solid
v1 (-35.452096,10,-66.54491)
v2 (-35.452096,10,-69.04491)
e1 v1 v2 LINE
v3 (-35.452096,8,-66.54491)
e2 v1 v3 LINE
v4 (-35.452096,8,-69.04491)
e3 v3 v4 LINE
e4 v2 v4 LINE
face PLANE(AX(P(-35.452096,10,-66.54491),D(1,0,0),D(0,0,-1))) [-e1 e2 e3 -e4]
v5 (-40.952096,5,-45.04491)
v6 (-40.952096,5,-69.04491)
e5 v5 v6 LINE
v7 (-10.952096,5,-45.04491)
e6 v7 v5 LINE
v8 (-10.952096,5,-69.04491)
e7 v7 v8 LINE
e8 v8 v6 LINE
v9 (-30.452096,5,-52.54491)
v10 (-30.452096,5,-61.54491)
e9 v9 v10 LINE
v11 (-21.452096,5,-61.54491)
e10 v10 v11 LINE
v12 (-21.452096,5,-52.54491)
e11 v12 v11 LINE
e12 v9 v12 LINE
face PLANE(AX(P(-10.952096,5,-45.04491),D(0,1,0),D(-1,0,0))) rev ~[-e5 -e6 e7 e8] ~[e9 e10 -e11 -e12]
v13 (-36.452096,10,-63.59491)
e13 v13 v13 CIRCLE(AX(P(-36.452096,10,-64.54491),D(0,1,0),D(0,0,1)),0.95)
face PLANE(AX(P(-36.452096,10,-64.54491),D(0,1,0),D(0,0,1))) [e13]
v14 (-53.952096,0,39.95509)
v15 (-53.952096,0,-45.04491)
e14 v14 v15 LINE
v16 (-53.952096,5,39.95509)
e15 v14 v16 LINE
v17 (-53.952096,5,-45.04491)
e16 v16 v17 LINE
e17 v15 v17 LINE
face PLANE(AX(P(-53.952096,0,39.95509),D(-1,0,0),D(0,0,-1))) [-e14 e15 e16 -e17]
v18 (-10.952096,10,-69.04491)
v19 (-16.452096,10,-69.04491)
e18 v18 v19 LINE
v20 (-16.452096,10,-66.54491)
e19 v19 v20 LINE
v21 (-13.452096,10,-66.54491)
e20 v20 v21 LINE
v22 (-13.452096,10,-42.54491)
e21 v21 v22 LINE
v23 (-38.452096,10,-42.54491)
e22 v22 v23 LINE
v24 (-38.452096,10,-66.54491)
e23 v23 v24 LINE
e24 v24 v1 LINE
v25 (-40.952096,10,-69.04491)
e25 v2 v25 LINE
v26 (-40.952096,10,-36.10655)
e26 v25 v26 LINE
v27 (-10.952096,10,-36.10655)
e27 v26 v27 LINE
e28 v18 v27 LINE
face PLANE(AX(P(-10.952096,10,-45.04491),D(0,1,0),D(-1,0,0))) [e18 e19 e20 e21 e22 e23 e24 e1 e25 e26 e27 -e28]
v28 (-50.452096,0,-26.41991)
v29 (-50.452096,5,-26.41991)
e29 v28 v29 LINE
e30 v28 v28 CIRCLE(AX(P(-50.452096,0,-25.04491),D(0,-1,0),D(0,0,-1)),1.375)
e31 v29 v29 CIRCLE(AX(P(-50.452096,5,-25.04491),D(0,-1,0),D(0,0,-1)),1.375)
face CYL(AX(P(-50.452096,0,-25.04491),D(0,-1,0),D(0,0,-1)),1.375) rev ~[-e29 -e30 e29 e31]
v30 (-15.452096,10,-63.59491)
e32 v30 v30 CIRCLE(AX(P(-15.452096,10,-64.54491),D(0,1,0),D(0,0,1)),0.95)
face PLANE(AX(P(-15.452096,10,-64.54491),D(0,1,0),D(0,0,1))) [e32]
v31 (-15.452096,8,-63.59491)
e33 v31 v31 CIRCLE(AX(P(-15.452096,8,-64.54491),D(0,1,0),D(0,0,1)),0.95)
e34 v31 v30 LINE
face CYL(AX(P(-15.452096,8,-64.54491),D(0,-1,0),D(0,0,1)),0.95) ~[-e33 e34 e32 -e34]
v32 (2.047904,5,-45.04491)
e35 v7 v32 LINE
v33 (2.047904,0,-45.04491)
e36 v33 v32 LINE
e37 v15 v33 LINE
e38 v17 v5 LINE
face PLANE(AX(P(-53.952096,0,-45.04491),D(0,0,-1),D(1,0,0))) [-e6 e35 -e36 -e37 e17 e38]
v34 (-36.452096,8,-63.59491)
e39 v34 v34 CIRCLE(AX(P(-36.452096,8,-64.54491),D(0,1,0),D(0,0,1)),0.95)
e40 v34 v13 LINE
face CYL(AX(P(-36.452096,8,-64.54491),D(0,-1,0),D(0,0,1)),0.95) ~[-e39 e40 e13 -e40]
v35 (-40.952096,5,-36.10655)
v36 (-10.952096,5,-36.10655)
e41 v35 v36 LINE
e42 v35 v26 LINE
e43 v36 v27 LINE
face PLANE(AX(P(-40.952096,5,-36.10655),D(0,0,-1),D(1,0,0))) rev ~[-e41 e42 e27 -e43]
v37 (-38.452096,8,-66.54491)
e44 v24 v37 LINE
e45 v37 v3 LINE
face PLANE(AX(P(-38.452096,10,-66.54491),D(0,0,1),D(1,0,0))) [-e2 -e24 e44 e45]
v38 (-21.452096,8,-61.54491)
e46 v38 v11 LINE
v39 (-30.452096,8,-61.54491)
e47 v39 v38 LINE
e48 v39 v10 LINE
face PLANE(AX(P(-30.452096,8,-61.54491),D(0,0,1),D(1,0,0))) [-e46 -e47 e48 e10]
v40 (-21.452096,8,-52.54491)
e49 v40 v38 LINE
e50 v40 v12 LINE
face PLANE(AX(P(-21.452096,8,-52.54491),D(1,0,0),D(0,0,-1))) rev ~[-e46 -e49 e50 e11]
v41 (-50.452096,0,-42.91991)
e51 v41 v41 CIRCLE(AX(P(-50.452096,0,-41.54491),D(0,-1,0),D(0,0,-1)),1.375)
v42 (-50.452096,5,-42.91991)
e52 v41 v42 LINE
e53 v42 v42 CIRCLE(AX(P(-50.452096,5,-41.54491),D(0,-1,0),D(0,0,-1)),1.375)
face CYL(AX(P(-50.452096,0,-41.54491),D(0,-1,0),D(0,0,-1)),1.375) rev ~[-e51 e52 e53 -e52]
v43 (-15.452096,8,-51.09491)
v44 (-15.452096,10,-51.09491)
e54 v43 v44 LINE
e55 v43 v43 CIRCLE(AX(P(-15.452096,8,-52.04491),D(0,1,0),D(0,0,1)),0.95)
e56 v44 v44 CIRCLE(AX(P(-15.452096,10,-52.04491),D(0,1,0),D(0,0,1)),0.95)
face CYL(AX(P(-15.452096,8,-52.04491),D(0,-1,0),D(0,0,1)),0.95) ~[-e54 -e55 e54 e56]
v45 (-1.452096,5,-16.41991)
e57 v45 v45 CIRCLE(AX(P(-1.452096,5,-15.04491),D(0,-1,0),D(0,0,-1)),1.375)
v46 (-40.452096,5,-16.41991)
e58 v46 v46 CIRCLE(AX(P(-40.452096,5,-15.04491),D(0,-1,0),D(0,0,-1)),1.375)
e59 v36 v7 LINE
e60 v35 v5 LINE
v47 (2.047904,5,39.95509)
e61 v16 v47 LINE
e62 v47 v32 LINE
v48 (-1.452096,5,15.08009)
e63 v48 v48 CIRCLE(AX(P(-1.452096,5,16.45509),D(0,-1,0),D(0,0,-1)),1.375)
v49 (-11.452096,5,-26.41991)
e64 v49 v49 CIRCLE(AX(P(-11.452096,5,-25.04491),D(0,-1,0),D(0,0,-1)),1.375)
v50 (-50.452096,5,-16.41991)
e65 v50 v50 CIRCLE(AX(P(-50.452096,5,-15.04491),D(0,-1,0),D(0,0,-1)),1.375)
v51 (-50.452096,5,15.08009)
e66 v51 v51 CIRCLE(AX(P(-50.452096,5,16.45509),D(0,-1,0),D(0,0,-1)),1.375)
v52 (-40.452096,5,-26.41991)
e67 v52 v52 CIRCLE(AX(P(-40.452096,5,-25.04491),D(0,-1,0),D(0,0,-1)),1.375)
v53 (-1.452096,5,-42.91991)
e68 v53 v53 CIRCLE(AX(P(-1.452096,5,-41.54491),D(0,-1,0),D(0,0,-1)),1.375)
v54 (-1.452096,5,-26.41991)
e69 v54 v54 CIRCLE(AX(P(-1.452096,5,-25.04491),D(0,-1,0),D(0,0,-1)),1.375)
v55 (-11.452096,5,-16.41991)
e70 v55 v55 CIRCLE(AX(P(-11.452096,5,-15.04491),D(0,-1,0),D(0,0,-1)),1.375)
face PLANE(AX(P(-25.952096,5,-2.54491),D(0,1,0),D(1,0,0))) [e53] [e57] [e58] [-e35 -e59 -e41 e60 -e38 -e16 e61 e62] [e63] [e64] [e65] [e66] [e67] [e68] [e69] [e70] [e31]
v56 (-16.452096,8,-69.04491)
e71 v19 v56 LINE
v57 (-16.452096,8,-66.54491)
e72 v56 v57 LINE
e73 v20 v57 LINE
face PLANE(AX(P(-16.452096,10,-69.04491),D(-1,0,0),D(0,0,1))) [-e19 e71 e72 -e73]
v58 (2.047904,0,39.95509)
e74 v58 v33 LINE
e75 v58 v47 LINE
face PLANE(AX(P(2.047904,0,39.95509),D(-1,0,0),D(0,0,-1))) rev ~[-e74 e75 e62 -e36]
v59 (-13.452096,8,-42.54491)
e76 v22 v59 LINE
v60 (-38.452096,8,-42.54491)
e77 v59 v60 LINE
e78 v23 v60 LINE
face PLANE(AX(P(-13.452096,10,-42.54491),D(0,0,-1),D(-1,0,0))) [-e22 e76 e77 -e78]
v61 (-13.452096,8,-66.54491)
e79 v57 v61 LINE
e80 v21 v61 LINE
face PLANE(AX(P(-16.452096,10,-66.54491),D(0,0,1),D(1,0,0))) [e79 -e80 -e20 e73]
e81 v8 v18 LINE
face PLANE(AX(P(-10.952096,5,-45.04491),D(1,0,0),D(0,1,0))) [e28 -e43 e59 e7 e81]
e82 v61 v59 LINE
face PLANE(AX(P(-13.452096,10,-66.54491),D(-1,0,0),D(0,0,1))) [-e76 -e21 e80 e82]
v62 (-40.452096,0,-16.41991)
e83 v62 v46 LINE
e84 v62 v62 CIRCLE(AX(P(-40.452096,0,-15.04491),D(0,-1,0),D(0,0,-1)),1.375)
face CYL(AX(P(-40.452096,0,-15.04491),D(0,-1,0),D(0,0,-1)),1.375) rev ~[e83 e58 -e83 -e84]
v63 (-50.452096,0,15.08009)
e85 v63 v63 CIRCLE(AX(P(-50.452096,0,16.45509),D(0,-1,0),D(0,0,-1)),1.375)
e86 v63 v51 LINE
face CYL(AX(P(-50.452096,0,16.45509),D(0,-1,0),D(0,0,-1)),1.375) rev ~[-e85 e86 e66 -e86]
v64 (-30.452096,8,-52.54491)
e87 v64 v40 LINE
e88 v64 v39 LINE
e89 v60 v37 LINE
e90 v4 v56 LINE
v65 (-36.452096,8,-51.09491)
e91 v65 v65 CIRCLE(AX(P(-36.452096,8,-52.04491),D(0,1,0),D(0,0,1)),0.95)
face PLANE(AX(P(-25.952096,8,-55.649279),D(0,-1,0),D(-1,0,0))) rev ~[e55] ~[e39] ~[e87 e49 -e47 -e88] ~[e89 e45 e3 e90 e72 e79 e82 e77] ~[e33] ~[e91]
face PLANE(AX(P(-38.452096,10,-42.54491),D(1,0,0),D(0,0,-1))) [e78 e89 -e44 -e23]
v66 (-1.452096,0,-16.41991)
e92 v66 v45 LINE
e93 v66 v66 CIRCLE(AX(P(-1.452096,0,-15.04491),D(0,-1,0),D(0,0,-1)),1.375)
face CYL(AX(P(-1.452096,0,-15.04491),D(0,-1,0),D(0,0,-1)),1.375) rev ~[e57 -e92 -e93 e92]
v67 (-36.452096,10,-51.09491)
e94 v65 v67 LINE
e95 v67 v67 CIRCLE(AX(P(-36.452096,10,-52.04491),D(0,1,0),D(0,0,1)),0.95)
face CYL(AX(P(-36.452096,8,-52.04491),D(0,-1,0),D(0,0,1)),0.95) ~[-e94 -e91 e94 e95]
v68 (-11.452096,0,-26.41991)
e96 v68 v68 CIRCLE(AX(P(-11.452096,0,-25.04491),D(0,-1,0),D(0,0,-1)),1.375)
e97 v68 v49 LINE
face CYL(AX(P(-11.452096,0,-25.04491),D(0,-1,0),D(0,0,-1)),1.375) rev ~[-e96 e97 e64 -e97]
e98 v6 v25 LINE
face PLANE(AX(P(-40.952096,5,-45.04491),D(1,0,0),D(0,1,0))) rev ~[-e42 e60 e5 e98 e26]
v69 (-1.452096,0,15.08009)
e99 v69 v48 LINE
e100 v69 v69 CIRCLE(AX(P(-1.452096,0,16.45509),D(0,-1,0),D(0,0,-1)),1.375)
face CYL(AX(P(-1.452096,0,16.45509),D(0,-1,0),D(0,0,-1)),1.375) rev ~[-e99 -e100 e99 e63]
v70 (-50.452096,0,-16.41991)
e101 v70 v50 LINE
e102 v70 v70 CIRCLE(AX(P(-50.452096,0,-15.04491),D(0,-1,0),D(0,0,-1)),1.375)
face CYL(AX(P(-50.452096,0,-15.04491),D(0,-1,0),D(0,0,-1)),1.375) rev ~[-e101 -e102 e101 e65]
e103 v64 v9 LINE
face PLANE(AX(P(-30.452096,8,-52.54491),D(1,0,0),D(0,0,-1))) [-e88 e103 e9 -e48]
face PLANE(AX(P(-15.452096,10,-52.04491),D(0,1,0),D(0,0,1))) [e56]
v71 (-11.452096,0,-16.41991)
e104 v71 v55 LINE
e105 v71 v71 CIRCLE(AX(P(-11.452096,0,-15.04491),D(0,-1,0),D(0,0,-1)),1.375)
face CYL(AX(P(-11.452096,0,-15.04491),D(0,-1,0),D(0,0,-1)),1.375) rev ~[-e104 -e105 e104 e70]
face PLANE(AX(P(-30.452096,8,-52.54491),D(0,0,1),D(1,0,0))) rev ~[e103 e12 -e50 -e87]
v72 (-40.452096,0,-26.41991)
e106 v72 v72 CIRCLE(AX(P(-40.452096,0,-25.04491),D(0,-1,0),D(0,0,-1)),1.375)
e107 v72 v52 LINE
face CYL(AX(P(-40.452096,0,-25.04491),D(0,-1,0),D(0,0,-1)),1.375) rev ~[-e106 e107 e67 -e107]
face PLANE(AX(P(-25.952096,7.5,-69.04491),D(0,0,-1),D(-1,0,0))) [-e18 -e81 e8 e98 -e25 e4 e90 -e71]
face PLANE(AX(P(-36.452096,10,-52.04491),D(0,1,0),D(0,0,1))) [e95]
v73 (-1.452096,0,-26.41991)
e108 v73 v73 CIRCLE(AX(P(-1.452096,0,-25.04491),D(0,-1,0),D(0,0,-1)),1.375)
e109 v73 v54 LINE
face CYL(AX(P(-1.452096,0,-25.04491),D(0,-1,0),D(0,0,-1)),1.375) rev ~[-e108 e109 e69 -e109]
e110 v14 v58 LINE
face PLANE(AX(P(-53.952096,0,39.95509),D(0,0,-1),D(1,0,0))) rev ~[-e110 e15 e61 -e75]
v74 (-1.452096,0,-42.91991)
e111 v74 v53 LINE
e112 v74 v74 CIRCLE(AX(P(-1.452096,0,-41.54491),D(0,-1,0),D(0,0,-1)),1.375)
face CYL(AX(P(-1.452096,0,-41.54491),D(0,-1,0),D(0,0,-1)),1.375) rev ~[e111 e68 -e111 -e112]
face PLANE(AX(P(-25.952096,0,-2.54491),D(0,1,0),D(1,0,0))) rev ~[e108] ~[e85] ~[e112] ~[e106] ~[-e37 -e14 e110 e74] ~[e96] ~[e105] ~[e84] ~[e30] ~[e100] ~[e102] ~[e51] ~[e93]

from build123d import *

# Parameters (mm, degrees)
SKETCH1_W           = 56
SKETCH1_H           = 85
BOSS_EXTRUDE1_DEPTH = 5
SKETCH2_R           = 1.375
CUT_EXTRUDE1_DEPTH  = 5
SKETCH3_R           = 1.375
CUT_EXTRUDE2_DEPTH  = 5
SKETCH5_W           = 30
SKETCH5_H           = 8.938360197
BOSS_EXTRUDE2_DEPTH = 5
SKETCH6_W           = 30
SKETCH6_H           = 5
BOSS_EXTRUDE3_DEPTH = 24
CUT_EXTRUDE3_DEPTH  = 2
SKETCH9_W           = 9
SKETCH9_H           = 9
CUT_EXTRUDE4_DEPTH  = 3
SKETCH10_R          = 0.95
BOSS_EXTRUDE4_DEPTH = 2


with BuildPart() as part:
    # Sketch1 → Boss-Extrude1 (new body)
    with BuildSketch(Plane(origin=(0, 0, 0), x_dir=(1, 0, 0), z_dir=(0, 1, 0))):
        with Locations((-25.952095808, 2.54491018)):
            Rectangle(SKETCH1_W, SKETCH1_H)
    extrude(amount=BOSS_EXTRUDE1_DEPTH)

    # Sketch2 → Cut-Extrude1 (cut)
    with BuildSketch(Plane(origin=(0, 0, 0), x_dir=(-1, 0, 0), z_dir=(0, -1, 0))):
        with Locations(Location((50.452095808, 41.54491018, 0), (0, 0, 90))):
            Circle(SKETCH2_R)
        with Locations(Location((1.452095808, 41.54491018, 0), (0, 0, 90))):
            Circle(SKETCH2_R)
        with Locations(Location((50.452095808, -16.45508982, 0), (0, 0, 90))):
            Circle(SKETCH2_R)
        with Locations(Location((1.452095808, -16.45508982, 0), (0, 0, 90))):
            Circle(SKETCH2_R)
    extrude(amount=-CUT_EXTRUDE1_DEPTH, mode=Mode.SUBTRACT)

    # Sketch3 → Cut-Extrude2 (cut)
    with BuildSketch(Plane(origin=(0, 0, 0), x_dir=(-1, 0, 0), z_dir=(0, -1, 0))):
        with Locations(Location((50.452095808, 25.04491018, 0), (0, 0, 90))):
            Circle(SKETCH3_R)
        with Locations(Location((50.452095808, 15.04491018, 0), (0, 0, 90))):
            Circle(SKETCH3_R)
        with Locations(Location((40.452095808, 15.04491018, 0), (0, 0, 90))):
            Circle(SKETCH3_R)
        with Locations(Location((40.452095808, 25.04491018, 0), (0, 0, 90))):
            Circle(SKETCH3_R)
        with Locations(Location((1.452095808, 25.04491018, 0), (0, 0, 90))):
            Circle(SKETCH3_R)
        with Locations(Location((11.452095808, 25.04491018, 0), (0, 0, 90))):
            Circle(SKETCH3_R)
        with Locations(Location((1.452095808, 15.04491018, 0), (0, 0, 90))):
            Circle(SKETCH3_R)
        with Locations(Location((11.452095808, 15.04491018, 0), (0, 0, 90))):
            Circle(SKETCH3_R)
    extrude(amount=-CUT_EXTRUDE2_DEPTH, mode=Mode.SUBTRACT)

    # Sketch5 → Boss-Extrude2 (add)
    with BuildSketch(Plane(origin=(0, 5, 0), x_dir=(1, 0, 0), z_dir=(0, 1, 0))):
        with Locations((-25.952095808, 40.575730081)):
            Rectangle(SKETCH5_W, SKETCH5_H)
    extrude(amount=BOSS_EXTRUDE2_DEPTH)

    # Sketch6 → Boss-Extrude3 (add)
    with BuildSketch(Plane(origin=(0, 0, -45.04491018), x_dir=(-1, 0, 0), z_dir=(0, 0, -1))):
        with Locations((25.952095808, 7.5)):
            Rectangle(SKETCH6_W, SKETCH6_H)
    extrude(amount=BOSS_EXTRUDE3_DEPTH)

    # Sketch8 → Cut-Extrude3 (cut)
    with BuildSketch(Plane(origin=(0, 10, 0), x_dir=(1, 0, 0), z_dir=(0, 1, 0))):
        Polygon((-38.452095808, 66.54491018), (-35.452095808, 66.54491018), (-35.452095808, 69.04491018), (-16.452095808, 69.04491018), (-16.452095808, 66.54491018), (-13.452095808, 66.54491018), (-13.452095808, 42.54491018), (-38.452095808, 42.54491018), align=None)
    extrude(amount=-CUT_EXTRUDE3_DEPTH, mode=Mode.SUBTRACT)

    # Sketch9 → Cut-Extrude4 (cut)
    with BuildSketch(Plane(origin=(0, 8, 0), x_dir=(1, 0, 0), z_dir=(0, 1, 0))):
        with Locations((-25.952095808, 57.04491018)):
            Rectangle(SKETCH9_W, SKETCH9_H)
    extrude(amount=-CUT_EXTRUDE4_DEPTH, mode=Mode.SUBTRACT)

    # Sketch10 → Boss-Extrude4 (add)
    with BuildSketch(Plane(origin=(0, 8, 0), x_dir=(1, 0, 0), z_dir=(0, 1, 0))):
        with Locations(Location((-36.452095808, 64.54491018, 0), (0, 0, 270))):
            Circle(SKETCH10_R)
        with Locations(Location((-15.452095808, 64.54491018, 0), (0, 0, 270))):
            Circle(SKETCH10_R)
        with Locations(Location((-15.452095808, 52.04491018, 0), (0, 0, 270))):
            Circle(SKETCH10_R)
        with Locations(Location((-36.452095808, 52.04491018, 0), (0, 0, 270))):
            Circle(SKETCH10_R)
    extrude(amount=BOSS_EXTRUDE4_DEPTH)


solid = part.part
